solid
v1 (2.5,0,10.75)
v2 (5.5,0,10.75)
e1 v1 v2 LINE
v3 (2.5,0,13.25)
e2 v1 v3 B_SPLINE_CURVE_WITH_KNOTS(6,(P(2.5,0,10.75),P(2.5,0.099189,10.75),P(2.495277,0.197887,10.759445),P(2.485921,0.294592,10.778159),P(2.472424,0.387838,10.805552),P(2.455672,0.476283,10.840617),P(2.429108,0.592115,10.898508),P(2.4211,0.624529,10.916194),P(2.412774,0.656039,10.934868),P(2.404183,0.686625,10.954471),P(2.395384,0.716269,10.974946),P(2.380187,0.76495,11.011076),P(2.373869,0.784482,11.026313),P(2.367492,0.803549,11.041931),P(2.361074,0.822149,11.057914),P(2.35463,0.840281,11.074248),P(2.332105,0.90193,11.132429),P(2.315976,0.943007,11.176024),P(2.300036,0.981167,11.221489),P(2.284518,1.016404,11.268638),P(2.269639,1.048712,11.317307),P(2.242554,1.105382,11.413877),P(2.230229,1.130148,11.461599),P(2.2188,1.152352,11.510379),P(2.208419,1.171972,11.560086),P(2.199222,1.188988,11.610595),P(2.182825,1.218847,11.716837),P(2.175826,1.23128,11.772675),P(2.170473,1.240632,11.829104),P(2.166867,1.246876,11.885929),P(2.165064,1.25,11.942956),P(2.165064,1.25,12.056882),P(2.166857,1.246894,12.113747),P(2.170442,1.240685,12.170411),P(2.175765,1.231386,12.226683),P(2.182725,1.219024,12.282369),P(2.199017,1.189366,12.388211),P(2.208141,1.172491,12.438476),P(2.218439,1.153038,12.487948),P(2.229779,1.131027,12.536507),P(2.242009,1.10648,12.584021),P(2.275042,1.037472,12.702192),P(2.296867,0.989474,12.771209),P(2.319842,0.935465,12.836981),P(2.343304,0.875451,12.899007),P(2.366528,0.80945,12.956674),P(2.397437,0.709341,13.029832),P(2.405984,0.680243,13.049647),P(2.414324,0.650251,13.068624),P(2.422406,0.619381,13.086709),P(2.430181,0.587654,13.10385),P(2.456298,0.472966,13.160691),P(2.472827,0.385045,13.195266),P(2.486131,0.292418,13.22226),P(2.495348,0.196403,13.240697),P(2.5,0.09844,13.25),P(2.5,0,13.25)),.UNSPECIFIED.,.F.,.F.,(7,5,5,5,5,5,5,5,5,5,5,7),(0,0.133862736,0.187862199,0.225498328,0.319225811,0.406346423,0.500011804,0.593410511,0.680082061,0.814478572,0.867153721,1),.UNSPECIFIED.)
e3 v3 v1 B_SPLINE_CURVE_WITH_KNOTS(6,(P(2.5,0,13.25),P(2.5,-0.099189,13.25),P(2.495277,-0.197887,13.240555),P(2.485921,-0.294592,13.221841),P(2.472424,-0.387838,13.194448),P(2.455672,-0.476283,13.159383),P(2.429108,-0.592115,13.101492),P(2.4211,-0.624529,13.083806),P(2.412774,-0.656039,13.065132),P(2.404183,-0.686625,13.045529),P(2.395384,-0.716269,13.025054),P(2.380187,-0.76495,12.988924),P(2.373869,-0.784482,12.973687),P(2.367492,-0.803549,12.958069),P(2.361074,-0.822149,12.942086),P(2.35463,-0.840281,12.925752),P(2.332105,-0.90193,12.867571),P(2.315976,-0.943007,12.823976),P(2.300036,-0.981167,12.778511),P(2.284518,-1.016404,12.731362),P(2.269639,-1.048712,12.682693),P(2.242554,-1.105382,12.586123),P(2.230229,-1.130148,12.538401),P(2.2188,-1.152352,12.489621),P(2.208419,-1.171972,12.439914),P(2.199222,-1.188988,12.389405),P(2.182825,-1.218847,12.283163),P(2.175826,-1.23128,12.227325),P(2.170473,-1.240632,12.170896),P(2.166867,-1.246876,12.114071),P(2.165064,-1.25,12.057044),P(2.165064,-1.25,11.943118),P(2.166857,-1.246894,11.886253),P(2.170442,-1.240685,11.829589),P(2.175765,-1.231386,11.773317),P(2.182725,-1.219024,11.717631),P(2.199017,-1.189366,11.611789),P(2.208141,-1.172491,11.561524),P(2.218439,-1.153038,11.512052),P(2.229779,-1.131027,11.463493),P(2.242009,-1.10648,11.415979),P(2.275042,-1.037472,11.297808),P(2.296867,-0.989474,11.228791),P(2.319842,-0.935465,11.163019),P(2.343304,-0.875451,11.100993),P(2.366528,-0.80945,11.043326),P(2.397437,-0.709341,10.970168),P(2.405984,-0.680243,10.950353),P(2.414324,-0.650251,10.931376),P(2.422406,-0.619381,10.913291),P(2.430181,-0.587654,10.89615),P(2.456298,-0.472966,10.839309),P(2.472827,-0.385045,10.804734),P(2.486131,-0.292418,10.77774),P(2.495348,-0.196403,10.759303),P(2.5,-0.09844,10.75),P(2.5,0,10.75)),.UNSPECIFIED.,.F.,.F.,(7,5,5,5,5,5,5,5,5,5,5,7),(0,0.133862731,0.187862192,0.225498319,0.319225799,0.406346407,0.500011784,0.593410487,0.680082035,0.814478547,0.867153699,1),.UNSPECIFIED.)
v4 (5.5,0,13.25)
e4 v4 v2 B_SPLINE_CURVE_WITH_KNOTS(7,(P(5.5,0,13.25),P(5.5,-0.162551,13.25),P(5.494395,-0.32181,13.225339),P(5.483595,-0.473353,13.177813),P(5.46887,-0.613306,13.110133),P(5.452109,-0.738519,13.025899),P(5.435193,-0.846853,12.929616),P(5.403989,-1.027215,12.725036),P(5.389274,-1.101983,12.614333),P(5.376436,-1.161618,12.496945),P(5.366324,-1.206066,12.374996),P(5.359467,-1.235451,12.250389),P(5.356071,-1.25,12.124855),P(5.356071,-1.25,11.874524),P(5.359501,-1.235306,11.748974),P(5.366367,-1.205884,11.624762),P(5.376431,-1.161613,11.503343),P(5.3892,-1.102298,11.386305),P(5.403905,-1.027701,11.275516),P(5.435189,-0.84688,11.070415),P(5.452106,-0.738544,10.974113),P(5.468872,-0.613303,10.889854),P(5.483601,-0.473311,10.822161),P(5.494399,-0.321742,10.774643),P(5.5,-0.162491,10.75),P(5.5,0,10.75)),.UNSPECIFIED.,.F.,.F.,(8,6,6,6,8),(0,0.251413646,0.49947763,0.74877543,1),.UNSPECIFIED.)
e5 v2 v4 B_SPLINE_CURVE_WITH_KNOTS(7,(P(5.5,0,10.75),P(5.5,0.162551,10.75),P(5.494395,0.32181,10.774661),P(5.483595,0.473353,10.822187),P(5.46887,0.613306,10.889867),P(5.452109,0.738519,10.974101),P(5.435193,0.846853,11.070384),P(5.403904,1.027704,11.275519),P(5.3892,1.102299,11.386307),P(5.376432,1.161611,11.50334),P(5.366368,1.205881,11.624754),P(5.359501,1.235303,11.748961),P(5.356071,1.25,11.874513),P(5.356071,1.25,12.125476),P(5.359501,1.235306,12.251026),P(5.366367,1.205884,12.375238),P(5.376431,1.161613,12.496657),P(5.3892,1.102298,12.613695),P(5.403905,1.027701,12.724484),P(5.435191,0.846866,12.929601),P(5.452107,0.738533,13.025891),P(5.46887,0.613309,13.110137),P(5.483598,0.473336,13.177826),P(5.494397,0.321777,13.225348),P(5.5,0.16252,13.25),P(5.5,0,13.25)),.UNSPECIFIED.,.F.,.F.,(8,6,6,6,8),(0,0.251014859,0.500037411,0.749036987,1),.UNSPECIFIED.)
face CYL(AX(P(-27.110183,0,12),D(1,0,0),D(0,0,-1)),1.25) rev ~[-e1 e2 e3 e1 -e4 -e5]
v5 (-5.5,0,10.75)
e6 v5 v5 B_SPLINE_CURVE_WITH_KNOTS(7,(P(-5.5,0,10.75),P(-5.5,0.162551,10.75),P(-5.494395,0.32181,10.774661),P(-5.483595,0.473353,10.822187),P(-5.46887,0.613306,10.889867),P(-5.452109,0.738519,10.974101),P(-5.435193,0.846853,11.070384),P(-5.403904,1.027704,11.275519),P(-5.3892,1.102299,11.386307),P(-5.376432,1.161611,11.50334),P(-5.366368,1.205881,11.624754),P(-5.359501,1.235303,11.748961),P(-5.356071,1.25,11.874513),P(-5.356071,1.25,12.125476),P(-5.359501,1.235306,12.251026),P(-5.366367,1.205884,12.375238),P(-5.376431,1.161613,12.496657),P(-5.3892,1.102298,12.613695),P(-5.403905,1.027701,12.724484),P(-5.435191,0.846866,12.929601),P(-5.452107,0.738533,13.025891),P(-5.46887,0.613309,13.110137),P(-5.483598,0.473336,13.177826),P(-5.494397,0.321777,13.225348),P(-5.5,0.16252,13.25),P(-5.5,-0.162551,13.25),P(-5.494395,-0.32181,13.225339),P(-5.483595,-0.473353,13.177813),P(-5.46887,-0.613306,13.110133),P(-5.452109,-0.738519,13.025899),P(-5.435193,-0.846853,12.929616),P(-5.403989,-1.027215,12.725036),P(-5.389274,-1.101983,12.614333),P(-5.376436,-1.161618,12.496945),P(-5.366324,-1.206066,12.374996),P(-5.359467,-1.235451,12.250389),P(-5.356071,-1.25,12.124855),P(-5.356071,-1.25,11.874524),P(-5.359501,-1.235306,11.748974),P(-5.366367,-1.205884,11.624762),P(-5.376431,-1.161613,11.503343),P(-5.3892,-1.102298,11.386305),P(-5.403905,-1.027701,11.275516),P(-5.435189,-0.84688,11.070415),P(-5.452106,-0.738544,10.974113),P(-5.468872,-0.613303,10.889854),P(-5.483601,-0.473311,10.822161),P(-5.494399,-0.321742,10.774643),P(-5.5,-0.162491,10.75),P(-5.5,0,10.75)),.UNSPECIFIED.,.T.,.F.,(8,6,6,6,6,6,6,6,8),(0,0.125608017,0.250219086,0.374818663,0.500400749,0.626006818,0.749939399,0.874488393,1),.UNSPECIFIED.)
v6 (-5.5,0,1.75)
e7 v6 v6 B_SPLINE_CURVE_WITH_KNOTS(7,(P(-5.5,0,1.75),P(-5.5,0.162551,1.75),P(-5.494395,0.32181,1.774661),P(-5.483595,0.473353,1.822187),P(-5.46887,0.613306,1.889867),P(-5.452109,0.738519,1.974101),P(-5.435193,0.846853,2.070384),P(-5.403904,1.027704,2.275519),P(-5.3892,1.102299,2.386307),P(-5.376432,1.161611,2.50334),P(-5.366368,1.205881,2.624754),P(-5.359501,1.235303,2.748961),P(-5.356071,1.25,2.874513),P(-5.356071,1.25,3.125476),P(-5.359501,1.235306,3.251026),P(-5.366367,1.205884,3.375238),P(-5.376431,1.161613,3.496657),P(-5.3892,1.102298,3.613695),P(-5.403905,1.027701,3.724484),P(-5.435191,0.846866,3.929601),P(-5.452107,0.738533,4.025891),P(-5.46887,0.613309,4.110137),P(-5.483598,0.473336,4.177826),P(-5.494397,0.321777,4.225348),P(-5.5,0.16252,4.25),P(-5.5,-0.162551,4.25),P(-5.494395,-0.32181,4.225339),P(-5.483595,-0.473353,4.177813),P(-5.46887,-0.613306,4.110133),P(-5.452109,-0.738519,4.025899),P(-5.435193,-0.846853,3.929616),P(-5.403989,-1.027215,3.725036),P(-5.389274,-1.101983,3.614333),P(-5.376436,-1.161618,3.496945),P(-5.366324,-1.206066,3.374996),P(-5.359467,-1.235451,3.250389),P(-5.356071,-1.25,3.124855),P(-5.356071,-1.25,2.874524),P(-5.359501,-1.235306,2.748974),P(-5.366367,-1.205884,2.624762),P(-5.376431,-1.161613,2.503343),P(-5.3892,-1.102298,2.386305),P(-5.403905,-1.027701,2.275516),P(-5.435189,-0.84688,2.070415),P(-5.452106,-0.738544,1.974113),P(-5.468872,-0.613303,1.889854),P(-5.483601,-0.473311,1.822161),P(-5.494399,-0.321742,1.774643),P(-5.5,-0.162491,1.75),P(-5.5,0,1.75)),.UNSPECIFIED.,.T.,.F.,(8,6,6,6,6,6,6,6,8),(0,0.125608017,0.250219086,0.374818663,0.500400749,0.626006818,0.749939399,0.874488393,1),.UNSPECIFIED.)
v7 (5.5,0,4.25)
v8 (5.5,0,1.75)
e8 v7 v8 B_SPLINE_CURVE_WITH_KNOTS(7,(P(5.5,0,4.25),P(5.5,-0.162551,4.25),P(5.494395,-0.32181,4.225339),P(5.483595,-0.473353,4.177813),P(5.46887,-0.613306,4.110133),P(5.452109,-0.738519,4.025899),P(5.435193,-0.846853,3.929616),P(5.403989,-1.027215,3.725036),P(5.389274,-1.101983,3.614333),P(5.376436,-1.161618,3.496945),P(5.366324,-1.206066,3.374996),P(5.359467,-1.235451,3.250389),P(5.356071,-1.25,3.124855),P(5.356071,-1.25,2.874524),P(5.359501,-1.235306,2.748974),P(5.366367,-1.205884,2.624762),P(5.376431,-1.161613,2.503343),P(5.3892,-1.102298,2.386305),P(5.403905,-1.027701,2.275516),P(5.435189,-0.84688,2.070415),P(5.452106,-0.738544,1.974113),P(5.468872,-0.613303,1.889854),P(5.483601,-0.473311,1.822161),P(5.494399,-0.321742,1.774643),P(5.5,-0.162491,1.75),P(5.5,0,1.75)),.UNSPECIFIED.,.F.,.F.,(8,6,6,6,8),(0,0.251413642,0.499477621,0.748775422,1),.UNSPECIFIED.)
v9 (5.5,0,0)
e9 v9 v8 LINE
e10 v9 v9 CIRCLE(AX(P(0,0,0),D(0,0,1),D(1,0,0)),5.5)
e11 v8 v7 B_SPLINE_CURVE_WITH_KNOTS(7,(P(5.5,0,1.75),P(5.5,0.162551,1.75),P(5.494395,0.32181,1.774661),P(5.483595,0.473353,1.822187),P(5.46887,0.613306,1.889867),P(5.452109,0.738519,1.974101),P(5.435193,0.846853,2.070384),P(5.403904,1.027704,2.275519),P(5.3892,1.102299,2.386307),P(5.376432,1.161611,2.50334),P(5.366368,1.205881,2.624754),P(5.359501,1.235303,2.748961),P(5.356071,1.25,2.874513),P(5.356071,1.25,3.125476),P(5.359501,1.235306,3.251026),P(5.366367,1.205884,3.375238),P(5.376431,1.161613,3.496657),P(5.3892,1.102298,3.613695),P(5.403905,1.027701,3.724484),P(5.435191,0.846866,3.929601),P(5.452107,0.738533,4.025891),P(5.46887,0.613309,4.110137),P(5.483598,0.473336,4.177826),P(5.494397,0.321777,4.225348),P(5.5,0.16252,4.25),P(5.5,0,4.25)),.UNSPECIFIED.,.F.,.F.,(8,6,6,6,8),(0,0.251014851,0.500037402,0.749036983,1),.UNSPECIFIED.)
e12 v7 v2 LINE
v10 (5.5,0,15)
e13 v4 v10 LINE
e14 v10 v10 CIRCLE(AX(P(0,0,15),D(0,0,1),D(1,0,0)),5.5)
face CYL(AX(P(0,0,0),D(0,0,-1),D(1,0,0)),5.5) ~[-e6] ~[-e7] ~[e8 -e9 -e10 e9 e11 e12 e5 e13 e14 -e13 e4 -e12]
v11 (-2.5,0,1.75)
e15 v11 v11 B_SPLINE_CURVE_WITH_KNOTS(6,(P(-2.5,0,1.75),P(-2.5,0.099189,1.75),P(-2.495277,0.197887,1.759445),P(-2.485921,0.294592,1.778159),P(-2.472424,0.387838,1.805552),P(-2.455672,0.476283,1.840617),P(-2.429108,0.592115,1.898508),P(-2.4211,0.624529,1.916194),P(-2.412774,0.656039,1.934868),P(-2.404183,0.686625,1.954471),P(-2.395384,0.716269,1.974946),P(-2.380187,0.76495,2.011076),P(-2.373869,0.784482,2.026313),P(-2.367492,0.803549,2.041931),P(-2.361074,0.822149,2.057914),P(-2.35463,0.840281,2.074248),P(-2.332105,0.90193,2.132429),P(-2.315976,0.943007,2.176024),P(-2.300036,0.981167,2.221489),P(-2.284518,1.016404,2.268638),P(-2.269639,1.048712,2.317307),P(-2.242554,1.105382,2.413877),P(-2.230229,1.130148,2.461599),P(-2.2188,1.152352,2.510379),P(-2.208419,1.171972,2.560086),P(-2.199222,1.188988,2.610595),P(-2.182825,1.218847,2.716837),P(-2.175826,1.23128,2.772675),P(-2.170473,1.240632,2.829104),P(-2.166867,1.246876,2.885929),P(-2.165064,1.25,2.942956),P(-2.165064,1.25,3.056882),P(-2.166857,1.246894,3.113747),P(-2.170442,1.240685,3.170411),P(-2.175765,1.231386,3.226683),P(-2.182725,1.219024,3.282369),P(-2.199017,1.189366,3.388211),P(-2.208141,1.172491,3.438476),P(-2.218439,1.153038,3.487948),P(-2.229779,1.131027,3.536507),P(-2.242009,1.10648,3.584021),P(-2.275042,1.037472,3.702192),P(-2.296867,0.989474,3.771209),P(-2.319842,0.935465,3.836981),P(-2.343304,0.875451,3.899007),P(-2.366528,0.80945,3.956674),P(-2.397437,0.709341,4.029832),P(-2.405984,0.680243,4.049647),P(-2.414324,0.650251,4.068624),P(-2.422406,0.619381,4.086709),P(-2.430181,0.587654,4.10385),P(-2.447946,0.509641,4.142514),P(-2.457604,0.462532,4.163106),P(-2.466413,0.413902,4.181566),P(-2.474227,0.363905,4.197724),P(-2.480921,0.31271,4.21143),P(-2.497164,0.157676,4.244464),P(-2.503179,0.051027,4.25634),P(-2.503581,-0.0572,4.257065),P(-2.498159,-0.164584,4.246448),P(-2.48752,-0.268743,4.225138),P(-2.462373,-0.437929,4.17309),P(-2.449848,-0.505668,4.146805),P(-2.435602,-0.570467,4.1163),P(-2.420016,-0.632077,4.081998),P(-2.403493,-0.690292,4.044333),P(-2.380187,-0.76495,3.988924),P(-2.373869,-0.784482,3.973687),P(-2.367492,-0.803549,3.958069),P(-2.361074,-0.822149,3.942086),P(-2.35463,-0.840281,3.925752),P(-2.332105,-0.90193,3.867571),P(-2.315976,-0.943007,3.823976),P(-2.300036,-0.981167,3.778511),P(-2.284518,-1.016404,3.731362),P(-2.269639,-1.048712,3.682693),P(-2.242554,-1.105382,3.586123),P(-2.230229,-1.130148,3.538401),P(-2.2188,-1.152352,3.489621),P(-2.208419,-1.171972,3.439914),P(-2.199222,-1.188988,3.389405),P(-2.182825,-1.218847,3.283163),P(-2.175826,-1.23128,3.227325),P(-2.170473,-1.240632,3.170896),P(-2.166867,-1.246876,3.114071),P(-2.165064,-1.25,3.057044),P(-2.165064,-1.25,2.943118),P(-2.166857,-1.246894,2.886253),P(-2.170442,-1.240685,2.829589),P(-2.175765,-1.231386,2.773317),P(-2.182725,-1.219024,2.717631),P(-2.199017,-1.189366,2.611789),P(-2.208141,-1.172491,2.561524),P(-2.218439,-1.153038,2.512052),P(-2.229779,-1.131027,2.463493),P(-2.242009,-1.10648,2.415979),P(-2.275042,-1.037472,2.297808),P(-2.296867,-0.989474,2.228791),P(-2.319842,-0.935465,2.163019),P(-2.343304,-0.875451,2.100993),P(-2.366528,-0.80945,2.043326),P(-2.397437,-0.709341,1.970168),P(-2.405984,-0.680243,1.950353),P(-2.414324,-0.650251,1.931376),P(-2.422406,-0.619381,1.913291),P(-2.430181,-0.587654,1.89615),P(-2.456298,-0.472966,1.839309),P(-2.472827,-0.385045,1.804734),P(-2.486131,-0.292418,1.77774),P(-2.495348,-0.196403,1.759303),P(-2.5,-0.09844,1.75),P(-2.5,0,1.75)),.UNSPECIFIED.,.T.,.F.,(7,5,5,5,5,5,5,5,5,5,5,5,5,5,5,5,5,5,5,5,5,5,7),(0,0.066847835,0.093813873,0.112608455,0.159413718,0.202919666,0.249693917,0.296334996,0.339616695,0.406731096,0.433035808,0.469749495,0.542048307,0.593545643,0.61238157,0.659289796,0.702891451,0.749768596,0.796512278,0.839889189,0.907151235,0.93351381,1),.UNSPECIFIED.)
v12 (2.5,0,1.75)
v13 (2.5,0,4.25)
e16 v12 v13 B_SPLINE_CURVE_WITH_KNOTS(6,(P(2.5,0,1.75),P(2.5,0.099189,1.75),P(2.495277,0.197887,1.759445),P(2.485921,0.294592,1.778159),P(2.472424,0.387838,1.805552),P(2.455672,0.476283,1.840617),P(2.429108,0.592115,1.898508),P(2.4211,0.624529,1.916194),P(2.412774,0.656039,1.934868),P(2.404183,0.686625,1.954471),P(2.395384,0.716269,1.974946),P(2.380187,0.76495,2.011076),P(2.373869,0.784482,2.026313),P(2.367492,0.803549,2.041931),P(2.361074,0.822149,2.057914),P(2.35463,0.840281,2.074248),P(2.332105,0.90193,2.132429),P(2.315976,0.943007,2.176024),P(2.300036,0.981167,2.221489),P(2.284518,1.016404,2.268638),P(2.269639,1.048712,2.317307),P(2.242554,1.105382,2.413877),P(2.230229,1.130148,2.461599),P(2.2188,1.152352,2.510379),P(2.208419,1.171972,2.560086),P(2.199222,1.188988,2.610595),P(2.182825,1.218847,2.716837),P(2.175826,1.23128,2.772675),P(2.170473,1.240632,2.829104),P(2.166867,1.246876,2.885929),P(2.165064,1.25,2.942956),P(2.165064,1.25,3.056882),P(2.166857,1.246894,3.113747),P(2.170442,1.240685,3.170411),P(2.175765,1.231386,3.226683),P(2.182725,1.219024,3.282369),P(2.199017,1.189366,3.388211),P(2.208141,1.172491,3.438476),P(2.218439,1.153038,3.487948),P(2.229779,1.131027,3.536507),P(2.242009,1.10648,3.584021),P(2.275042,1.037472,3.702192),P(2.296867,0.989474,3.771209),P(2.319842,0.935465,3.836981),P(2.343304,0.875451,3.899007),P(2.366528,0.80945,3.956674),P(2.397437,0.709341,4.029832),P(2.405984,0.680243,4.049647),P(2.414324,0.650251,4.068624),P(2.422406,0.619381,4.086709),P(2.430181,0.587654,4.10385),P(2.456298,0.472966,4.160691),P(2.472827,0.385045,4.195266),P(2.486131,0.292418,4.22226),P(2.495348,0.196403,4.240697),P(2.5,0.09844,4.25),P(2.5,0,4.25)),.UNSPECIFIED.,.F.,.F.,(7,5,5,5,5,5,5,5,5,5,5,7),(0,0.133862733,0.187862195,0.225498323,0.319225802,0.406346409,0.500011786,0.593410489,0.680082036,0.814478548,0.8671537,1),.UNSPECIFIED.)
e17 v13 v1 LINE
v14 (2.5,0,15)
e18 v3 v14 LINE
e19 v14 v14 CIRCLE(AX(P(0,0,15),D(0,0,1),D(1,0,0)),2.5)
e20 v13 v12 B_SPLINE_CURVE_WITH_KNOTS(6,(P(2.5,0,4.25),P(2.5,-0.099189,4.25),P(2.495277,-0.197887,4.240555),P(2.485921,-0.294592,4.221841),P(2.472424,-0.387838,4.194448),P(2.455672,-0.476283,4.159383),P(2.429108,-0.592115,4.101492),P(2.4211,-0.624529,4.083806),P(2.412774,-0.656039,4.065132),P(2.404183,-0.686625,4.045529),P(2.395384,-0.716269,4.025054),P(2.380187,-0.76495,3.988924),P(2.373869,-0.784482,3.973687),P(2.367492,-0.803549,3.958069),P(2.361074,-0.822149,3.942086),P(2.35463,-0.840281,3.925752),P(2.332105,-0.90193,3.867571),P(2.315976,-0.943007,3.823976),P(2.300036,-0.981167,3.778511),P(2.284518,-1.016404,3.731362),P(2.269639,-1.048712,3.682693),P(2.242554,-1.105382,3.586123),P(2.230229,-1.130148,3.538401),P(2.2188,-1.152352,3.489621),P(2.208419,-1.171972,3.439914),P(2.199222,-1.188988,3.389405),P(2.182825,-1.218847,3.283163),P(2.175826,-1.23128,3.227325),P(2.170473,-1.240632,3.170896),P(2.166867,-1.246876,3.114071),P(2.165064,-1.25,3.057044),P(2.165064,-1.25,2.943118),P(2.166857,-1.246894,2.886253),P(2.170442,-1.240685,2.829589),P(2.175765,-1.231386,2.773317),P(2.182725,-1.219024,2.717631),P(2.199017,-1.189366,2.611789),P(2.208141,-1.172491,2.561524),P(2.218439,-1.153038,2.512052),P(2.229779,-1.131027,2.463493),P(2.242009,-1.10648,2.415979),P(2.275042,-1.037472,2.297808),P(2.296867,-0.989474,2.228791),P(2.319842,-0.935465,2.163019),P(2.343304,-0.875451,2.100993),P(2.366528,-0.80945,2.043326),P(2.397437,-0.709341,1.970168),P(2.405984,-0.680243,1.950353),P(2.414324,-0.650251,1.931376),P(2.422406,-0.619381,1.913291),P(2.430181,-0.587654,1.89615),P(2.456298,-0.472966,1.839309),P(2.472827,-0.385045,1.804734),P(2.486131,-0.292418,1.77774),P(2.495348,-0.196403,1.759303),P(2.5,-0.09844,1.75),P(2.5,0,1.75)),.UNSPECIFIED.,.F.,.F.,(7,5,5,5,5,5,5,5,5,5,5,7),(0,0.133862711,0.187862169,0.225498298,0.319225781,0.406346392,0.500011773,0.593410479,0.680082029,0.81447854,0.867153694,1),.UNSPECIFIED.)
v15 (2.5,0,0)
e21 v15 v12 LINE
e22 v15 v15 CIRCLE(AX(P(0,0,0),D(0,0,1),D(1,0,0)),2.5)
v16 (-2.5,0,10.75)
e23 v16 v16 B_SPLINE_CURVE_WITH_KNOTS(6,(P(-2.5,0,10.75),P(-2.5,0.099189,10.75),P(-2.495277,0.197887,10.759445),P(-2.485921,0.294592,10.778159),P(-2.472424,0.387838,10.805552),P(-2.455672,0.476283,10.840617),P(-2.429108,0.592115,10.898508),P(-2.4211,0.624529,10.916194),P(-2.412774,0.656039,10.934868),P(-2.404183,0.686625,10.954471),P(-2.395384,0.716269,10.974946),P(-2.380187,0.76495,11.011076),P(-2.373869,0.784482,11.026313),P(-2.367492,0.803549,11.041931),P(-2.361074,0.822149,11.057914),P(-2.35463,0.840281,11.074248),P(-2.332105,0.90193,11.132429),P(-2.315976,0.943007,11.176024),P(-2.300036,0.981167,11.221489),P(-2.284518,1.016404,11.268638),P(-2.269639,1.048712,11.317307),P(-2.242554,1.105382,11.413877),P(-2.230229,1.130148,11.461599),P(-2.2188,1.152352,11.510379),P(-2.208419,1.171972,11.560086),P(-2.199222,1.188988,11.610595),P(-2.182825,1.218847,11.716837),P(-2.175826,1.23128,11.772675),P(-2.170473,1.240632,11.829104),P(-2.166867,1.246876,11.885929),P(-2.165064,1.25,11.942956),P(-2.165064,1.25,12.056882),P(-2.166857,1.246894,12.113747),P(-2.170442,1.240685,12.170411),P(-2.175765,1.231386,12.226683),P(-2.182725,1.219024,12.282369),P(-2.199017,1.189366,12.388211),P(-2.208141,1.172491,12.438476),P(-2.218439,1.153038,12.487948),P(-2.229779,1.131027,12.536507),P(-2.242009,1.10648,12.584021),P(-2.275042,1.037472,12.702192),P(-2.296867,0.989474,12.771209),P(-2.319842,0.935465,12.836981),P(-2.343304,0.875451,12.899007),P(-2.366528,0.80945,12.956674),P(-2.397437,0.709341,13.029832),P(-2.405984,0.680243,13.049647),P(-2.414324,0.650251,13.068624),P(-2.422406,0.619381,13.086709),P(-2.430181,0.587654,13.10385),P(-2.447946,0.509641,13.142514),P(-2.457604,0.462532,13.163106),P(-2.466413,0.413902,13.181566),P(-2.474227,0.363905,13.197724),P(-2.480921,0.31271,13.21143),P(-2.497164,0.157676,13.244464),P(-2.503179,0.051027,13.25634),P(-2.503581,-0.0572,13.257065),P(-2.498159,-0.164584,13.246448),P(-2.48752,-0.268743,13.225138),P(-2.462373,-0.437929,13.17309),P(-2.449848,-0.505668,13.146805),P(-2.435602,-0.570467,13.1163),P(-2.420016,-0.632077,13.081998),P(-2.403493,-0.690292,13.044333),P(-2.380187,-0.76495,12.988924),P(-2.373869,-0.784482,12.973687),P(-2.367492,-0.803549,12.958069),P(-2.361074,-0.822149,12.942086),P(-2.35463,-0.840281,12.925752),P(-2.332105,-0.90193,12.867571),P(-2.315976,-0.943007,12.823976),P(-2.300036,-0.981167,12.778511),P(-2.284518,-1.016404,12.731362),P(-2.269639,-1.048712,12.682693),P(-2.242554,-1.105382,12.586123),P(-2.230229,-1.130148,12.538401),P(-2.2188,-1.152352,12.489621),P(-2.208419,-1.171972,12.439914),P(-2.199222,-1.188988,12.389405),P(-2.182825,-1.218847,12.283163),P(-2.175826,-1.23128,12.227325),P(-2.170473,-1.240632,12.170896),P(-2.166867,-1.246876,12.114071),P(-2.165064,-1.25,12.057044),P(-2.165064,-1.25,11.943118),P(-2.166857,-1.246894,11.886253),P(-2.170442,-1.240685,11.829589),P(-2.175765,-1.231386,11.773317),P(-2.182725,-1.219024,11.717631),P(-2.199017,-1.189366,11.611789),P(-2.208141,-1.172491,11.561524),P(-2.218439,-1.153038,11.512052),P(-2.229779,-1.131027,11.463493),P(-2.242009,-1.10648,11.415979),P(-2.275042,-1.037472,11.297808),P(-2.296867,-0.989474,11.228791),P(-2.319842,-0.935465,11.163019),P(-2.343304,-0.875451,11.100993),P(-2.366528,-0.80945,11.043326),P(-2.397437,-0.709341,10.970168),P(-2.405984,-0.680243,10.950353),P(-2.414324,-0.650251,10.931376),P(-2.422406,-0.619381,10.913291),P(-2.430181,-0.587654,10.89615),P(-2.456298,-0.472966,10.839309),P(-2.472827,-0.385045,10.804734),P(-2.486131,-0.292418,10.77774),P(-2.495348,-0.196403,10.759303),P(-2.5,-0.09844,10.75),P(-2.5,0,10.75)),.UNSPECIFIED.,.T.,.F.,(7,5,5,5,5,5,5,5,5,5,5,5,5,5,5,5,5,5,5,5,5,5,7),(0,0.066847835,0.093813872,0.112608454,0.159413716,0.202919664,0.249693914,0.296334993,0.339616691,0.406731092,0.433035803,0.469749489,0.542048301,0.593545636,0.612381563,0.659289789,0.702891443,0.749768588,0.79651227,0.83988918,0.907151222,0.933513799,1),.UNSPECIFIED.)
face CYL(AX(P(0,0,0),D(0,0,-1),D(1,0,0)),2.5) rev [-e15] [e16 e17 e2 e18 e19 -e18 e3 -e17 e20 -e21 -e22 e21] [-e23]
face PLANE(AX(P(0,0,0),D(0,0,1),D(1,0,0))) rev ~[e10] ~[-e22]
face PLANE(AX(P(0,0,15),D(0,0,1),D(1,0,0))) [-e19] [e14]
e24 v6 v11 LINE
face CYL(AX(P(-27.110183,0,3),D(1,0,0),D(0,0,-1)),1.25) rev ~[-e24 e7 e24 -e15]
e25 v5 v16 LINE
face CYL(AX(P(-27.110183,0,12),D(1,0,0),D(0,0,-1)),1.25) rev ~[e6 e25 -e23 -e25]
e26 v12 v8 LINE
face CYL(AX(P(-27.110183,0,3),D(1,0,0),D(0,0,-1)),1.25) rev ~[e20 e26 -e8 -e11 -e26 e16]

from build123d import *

# Parameters (mm, degrees)
SKETCH_1_R        = 5.5
SKETCH_1_R_2      = 2.5
EXTRUDE_1_DEPTH   = 15
HOLE_WIZARD_M31_D = 2.5


with BuildPart() as part:
    # Эскиз1 → Бобышка-Вытянуть1 (new body)
    with BuildSketch(Plane.XY):
        Circle(SKETCH_1_R)
        Circle(SKETCH_1_R_2, mode=Mode.SUBTRACT)
    extrude(amount=EXTRUDE_1_DEPTH)

    # Отверстие обработанное метчиком M31 (through all)
    with Locations(Plane.ZY.offset(5.5)):
        with Locations((12, 0), (3, 0)):
            Hole(HOLE_WIZARD_M31_D / 2)


solid = part.part
